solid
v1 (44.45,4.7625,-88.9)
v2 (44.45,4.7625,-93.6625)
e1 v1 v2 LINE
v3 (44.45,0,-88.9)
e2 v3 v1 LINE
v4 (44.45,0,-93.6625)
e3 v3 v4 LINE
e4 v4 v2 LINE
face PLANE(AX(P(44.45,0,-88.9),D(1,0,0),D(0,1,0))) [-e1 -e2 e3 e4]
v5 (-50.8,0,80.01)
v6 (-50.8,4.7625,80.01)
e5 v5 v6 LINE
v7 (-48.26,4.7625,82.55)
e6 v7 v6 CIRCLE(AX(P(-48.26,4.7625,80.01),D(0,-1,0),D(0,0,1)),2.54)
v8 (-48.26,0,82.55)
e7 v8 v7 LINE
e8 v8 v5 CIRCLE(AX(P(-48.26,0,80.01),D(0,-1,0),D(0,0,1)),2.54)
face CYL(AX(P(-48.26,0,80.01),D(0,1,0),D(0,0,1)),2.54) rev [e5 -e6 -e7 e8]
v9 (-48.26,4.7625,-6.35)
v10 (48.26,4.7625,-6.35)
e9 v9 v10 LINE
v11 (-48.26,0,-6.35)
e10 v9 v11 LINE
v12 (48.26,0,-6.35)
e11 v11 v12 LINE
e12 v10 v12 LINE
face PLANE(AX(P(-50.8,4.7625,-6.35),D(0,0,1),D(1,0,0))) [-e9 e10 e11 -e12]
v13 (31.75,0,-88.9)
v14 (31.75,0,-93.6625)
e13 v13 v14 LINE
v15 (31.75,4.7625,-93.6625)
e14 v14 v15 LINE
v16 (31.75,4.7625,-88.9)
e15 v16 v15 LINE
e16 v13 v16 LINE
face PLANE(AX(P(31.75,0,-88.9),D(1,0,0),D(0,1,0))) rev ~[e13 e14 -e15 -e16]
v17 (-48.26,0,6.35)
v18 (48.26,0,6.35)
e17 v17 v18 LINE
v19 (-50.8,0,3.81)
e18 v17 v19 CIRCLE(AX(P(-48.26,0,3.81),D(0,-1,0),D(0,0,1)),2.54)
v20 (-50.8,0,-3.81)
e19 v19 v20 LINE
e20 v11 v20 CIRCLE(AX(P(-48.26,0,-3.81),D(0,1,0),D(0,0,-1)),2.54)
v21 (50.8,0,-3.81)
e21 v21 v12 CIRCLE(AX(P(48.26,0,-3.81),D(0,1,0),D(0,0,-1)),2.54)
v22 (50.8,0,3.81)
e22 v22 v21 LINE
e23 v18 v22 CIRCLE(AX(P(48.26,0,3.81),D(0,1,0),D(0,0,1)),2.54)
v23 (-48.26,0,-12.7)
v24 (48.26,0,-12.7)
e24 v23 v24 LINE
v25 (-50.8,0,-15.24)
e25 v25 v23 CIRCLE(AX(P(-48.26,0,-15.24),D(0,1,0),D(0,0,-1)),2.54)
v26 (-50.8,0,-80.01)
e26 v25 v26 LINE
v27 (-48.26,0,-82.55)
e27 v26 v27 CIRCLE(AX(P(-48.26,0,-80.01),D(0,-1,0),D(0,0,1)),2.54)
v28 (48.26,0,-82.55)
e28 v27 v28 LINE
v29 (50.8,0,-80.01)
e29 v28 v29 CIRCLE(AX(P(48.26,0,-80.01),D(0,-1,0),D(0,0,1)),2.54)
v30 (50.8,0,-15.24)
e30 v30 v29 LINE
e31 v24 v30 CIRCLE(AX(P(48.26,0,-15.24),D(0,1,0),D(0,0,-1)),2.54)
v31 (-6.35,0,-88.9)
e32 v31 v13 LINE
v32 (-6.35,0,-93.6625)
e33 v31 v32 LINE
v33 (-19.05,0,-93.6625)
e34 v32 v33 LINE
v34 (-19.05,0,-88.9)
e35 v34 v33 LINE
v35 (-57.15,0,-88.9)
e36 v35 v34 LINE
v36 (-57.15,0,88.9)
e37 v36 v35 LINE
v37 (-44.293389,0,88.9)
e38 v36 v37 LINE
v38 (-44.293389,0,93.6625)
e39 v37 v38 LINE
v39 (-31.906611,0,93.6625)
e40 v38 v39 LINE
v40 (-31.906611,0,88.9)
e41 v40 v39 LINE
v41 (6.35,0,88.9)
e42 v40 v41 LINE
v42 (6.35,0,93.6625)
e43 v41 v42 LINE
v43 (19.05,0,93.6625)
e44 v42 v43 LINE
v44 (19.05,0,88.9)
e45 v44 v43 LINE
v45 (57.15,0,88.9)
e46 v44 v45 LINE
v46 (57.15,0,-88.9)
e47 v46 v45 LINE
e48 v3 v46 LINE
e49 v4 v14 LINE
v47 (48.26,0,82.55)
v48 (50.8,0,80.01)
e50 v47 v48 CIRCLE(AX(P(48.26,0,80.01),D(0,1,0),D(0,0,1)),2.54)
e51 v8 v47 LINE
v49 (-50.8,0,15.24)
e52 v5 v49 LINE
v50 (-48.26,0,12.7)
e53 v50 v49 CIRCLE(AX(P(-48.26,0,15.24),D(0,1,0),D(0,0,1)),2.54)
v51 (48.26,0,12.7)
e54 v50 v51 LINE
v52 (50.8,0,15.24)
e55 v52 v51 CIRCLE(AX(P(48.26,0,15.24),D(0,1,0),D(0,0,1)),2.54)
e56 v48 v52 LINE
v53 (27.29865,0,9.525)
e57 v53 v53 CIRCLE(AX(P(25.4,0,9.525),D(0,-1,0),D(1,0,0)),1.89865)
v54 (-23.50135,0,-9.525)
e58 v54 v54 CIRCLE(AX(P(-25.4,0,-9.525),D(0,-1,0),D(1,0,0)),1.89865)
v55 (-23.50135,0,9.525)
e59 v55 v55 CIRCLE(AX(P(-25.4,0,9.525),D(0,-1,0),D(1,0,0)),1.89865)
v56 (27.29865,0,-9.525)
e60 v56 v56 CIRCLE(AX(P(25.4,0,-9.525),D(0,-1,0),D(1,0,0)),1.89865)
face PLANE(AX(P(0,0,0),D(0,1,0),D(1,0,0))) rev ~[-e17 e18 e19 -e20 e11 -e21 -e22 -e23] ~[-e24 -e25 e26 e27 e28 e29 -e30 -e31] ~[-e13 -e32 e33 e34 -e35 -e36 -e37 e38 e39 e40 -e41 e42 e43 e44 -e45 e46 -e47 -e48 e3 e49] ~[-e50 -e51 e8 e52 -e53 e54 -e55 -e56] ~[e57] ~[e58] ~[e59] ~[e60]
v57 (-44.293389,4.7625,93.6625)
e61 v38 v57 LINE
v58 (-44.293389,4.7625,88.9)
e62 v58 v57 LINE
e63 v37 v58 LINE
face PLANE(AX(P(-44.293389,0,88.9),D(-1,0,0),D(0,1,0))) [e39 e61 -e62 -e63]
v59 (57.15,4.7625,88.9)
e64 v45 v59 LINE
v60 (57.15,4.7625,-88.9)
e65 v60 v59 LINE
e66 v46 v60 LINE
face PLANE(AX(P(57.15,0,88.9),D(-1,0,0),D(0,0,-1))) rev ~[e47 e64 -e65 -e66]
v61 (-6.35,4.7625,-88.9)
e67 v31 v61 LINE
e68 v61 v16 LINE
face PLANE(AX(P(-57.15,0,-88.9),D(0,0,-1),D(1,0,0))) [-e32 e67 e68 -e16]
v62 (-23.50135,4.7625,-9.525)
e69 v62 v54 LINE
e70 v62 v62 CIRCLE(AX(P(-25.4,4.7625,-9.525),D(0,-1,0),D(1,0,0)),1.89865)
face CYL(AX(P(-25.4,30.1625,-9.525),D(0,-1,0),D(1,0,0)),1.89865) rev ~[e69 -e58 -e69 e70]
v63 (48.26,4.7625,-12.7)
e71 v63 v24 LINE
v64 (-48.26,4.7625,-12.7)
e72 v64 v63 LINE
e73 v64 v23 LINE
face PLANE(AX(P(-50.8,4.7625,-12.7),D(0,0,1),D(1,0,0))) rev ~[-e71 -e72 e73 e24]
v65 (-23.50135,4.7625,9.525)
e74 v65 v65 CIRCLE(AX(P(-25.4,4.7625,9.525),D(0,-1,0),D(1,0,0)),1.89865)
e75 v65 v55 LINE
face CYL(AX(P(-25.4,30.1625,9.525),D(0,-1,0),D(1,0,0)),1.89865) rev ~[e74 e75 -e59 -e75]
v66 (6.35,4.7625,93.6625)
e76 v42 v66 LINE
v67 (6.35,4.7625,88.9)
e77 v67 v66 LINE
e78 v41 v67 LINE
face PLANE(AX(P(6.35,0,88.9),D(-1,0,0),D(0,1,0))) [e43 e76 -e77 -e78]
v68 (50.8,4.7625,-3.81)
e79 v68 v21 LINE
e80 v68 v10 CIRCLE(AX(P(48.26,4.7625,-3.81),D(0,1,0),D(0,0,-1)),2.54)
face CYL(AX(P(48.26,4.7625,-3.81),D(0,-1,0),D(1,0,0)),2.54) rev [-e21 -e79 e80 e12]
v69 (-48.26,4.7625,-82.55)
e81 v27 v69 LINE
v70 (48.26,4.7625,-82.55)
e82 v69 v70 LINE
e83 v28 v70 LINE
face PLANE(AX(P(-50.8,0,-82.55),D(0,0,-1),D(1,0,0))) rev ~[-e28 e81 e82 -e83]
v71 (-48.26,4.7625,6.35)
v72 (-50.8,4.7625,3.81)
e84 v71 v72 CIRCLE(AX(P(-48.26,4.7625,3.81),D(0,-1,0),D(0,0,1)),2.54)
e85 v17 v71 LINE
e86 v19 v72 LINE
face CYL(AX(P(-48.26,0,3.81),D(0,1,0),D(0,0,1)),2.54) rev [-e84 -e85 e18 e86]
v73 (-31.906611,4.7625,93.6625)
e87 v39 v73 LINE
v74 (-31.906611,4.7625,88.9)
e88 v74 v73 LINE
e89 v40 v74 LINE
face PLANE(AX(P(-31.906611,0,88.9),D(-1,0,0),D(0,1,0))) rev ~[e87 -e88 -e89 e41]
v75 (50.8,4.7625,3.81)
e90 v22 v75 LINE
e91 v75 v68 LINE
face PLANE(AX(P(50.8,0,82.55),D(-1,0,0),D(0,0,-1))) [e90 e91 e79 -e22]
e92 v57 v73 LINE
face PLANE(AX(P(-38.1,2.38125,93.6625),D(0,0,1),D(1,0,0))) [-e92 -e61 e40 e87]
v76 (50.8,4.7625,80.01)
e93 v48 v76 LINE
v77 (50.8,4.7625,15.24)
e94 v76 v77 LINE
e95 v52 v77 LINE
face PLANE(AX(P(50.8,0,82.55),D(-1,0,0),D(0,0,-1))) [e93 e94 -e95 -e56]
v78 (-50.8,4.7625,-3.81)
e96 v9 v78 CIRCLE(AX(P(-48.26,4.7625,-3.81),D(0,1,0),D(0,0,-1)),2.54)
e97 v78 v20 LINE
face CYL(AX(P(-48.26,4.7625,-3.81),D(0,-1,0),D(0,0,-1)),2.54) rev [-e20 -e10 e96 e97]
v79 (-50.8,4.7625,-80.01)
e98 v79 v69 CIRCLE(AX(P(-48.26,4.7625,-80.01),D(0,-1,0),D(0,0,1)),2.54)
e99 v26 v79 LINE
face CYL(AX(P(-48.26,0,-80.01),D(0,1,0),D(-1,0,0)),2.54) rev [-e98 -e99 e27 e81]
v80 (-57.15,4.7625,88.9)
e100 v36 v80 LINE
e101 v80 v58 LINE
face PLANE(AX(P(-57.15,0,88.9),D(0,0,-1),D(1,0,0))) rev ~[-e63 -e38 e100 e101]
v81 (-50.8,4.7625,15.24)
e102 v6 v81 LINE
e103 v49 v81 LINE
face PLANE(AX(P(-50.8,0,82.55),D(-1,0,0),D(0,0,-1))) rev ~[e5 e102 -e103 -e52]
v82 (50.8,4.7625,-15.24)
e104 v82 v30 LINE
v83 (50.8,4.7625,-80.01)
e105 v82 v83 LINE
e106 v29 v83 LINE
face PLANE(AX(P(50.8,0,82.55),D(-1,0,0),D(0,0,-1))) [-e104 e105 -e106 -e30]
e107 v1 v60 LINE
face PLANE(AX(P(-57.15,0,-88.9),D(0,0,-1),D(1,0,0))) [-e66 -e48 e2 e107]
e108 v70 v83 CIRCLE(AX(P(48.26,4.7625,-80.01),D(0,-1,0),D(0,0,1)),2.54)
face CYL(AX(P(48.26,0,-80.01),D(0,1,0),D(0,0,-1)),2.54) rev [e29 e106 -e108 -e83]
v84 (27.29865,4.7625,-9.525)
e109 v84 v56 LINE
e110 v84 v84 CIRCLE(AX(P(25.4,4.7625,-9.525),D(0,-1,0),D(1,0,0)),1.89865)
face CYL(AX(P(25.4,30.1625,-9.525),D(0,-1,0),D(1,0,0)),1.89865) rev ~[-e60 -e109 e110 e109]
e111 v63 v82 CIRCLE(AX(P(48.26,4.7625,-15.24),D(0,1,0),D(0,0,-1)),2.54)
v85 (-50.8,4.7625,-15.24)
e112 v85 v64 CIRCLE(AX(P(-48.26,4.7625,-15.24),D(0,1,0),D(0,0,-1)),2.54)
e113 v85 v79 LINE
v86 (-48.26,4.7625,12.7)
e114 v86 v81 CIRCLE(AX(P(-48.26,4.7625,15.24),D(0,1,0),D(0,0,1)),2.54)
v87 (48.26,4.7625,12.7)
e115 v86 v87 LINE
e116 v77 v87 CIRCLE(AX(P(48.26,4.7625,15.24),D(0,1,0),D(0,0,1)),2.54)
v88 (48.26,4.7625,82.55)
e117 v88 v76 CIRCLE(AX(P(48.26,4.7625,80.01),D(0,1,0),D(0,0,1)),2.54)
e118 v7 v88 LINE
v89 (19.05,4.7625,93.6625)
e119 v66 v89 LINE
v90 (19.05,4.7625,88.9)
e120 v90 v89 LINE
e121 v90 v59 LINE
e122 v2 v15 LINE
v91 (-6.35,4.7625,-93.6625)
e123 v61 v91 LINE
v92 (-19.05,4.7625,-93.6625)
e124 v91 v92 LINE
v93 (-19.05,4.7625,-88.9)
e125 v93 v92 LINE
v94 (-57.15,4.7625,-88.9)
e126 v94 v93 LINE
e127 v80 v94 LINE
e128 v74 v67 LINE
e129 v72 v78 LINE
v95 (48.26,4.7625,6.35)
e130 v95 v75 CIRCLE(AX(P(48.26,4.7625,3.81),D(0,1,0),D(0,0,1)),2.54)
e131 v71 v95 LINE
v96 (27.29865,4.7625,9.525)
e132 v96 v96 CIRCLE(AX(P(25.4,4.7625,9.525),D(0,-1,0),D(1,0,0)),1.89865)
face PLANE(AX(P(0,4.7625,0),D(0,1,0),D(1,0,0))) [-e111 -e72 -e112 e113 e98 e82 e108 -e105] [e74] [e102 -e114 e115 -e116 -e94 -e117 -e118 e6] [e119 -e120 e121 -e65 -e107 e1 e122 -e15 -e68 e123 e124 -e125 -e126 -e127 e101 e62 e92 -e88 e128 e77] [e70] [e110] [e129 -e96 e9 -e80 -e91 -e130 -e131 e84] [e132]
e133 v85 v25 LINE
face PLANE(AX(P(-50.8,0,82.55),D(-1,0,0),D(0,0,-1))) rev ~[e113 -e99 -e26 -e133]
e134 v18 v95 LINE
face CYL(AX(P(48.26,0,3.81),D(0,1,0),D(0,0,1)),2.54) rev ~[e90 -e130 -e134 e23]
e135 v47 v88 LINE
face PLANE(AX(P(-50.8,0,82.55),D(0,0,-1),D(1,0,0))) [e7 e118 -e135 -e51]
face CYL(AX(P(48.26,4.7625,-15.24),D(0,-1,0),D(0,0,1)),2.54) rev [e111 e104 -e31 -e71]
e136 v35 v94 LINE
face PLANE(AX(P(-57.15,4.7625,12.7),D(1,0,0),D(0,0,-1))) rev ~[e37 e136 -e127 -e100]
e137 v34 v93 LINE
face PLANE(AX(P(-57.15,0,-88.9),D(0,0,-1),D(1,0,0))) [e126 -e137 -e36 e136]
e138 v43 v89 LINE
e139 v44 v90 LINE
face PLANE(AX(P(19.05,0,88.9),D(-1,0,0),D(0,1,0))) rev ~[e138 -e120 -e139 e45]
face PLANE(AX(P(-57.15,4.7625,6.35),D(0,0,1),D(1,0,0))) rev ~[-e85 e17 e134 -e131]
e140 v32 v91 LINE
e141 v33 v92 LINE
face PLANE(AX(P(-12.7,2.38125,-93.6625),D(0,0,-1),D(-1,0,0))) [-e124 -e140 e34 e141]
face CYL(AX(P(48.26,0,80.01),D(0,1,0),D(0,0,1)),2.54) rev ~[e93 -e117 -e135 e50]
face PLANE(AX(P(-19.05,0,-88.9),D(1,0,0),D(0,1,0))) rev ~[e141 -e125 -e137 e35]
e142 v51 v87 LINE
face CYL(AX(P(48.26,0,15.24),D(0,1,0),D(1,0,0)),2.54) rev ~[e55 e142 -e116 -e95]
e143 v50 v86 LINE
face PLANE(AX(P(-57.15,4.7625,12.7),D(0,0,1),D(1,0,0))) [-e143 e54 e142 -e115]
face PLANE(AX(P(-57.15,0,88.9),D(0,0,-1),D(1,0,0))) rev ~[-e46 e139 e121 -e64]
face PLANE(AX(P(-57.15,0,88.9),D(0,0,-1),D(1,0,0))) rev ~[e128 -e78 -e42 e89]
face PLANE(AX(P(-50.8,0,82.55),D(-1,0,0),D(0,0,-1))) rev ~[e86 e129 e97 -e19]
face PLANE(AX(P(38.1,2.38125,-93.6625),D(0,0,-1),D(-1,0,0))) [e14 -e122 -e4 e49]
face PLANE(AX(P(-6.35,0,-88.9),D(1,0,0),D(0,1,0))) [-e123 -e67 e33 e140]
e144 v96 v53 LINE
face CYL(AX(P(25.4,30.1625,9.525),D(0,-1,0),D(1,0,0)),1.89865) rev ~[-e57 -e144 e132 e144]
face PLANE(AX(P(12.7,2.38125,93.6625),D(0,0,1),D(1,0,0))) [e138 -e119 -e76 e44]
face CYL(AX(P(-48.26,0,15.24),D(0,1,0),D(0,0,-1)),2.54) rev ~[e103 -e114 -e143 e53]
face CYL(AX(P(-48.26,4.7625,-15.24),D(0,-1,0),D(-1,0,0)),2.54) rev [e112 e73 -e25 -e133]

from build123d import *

# Parameters (mm, degrees)
SKETCH1_W                 = 114.3
SKETCH1_H                 = 177.8
SKETCH1_W_2               = 101.6
SKETCH1_H_2               = 165.1
BOSS_EXTRUDE1_DEPTH       = 4.7625
SKETCH2_W                 = 12.38677804
SKETCH2_H                 = 4.7625
SKETCH2_W_2               = 12.7
BOSS_EXTRUDE2_DEPTH       = 4.7625
SKETCH3_W                 = 12.7
SKETCH3_H                 = 4.7625
BOSS_EXTRUDE3_DEPTH       = 4.7625
FILLET1_R                 = 2.54
SKETCH4_W                 = 101.6
SKETCH4_H                 = 6.35
SKETCH4_W_2               = 114.3
BOSS_EXTRUDE4_DEPTH       = 4.7625
FILLET2_R                 = 2.54
F_6_CLEARANCE_HOLE1_D     = 3.7973
F_6_CLEARANCE_HOLE1_DEPTH = 25.4
F_6_CLEARANCE_HOLE1_TIP   = 1.140824014


with BuildPart() as part:
    # Sketch1 → Boss-Extrude1 (new body)
    with BuildSketch(Plane(origin=(0, 0, 0), x_dir=(1, 0, 0), z_dir=(0, 1, 0))):
        Rectangle(SKETCH1_W, SKETCH1_H)
        Rectangle(SKETCH1_W_2, SKETCH1_H_2, mode=Mode.SUBTRACT)
    extrude(amount=BOSS_EXTRUDE1_DEPTH)

    # Sketch2 → Boss-Extrude2 (add)
    with BuildSketch(Plane.XY.offset(88.9)):
        with Locations((-38.1, 2.38125)):
            Rectangle(SKETCH2_W, SKETCH2_H)
        with Locations((12.7, 2.38125)):
            Rectangle(SKETCH2_W_2, SKETCH2_H)
    extrude(amount=BOSS_EXTRUDE2_DEPTH)

    # Sketch3 → Boss-Extrude3 (add)
    with BuildSketch(Plane(origin=(0, 0, -88.9), x_dir=(-1, 0, 0), z_dir=(0, 0, -1))):
        with Locations((-38.1, 2.38125)):
            Rectangle(SKETCH3_W, SKETCH3_H)
        with Locations((12.7, 2.38125)):
            Rectangle(SKETCH3_W, SKETCH3_H)
    extrude(amount=BOSS_EXTRUDE3_DEPTH)

    # Fillet1
    fillet1_edges = [part.edges().sort_by_distance(p)[0] for p in [
        (50.8, 2.38125, 82.55),
        (50.8, 2.38125, -82.55),
        (-50.8, 2.38125, -82.55),
        (-50.8, 2.38125, 82.55),
    ]]
    fillet(fillet1_edges, radius=FILLET1_R)

    # Sketch4 → Boss-Extrude4 (add)
    with BuildSketch(Plane(origin=(0, 4.7625, 0), x_dir=(1, 0, 0), z_dir=(0, 1, 0))):
        with Locations((0, 9.525)):
            Rectangle(SKETCH4_W, SKETCH4_H)
        with Locations((0, -9.525)):
            Rectangle(SKETCH4_W_2, SKETCH4_H)
    extrude(amount=-BOSS_EXTRUDE4_DEPTH)

    # Fillet2
    fillet2_edges = [part.edges().sort_by_distance(p)[0] for p in [
        (-50.8, 2.38125, -6.35),
        (-50.8, 2.38125, -12.7),
        (50.8, 2.38125, -12.7),
        (50.8, 2.38125, -6.35),
        (-50.8, 2.38125, 12.7),
        (-50.8, 2.38125, 6.35),
        (50.8, 2.38125, 6.35),
        (50.8, 2.38125, 12.7),
    ]]
    fillet(fillet2_edges, radius=FILLET2_R)

    # #6 Clearance Hole1
    with Locations(Plane(origin=(0, 4.7625, 0), x_dir=(-1, 0, 0), z_dir=(0, 1, 0))):
        with Locations((25.4, -9.525), (25.4, 9.525), (-25.4, 9.525), (-25.4, -9.525)):
            Hole(F_6_CLEARANCE_HOLE1_D / 2, depth=F_6_CLEARANCE_HOLE1_DEPTH)
            with Locations((0, 0, -(F_6_CLEARANCE_HOLE1_DEPTH + F_6_CLEARANCE_HOLE1_TIP / 2))):  # 118° drill point
                Cone(0, F_6_CLEARANCE_HOLE1_D / 2, F_6_CLEARANCE_HOLE1_TIP, mode=Mode.SUBTRACT)


solid = part.part
